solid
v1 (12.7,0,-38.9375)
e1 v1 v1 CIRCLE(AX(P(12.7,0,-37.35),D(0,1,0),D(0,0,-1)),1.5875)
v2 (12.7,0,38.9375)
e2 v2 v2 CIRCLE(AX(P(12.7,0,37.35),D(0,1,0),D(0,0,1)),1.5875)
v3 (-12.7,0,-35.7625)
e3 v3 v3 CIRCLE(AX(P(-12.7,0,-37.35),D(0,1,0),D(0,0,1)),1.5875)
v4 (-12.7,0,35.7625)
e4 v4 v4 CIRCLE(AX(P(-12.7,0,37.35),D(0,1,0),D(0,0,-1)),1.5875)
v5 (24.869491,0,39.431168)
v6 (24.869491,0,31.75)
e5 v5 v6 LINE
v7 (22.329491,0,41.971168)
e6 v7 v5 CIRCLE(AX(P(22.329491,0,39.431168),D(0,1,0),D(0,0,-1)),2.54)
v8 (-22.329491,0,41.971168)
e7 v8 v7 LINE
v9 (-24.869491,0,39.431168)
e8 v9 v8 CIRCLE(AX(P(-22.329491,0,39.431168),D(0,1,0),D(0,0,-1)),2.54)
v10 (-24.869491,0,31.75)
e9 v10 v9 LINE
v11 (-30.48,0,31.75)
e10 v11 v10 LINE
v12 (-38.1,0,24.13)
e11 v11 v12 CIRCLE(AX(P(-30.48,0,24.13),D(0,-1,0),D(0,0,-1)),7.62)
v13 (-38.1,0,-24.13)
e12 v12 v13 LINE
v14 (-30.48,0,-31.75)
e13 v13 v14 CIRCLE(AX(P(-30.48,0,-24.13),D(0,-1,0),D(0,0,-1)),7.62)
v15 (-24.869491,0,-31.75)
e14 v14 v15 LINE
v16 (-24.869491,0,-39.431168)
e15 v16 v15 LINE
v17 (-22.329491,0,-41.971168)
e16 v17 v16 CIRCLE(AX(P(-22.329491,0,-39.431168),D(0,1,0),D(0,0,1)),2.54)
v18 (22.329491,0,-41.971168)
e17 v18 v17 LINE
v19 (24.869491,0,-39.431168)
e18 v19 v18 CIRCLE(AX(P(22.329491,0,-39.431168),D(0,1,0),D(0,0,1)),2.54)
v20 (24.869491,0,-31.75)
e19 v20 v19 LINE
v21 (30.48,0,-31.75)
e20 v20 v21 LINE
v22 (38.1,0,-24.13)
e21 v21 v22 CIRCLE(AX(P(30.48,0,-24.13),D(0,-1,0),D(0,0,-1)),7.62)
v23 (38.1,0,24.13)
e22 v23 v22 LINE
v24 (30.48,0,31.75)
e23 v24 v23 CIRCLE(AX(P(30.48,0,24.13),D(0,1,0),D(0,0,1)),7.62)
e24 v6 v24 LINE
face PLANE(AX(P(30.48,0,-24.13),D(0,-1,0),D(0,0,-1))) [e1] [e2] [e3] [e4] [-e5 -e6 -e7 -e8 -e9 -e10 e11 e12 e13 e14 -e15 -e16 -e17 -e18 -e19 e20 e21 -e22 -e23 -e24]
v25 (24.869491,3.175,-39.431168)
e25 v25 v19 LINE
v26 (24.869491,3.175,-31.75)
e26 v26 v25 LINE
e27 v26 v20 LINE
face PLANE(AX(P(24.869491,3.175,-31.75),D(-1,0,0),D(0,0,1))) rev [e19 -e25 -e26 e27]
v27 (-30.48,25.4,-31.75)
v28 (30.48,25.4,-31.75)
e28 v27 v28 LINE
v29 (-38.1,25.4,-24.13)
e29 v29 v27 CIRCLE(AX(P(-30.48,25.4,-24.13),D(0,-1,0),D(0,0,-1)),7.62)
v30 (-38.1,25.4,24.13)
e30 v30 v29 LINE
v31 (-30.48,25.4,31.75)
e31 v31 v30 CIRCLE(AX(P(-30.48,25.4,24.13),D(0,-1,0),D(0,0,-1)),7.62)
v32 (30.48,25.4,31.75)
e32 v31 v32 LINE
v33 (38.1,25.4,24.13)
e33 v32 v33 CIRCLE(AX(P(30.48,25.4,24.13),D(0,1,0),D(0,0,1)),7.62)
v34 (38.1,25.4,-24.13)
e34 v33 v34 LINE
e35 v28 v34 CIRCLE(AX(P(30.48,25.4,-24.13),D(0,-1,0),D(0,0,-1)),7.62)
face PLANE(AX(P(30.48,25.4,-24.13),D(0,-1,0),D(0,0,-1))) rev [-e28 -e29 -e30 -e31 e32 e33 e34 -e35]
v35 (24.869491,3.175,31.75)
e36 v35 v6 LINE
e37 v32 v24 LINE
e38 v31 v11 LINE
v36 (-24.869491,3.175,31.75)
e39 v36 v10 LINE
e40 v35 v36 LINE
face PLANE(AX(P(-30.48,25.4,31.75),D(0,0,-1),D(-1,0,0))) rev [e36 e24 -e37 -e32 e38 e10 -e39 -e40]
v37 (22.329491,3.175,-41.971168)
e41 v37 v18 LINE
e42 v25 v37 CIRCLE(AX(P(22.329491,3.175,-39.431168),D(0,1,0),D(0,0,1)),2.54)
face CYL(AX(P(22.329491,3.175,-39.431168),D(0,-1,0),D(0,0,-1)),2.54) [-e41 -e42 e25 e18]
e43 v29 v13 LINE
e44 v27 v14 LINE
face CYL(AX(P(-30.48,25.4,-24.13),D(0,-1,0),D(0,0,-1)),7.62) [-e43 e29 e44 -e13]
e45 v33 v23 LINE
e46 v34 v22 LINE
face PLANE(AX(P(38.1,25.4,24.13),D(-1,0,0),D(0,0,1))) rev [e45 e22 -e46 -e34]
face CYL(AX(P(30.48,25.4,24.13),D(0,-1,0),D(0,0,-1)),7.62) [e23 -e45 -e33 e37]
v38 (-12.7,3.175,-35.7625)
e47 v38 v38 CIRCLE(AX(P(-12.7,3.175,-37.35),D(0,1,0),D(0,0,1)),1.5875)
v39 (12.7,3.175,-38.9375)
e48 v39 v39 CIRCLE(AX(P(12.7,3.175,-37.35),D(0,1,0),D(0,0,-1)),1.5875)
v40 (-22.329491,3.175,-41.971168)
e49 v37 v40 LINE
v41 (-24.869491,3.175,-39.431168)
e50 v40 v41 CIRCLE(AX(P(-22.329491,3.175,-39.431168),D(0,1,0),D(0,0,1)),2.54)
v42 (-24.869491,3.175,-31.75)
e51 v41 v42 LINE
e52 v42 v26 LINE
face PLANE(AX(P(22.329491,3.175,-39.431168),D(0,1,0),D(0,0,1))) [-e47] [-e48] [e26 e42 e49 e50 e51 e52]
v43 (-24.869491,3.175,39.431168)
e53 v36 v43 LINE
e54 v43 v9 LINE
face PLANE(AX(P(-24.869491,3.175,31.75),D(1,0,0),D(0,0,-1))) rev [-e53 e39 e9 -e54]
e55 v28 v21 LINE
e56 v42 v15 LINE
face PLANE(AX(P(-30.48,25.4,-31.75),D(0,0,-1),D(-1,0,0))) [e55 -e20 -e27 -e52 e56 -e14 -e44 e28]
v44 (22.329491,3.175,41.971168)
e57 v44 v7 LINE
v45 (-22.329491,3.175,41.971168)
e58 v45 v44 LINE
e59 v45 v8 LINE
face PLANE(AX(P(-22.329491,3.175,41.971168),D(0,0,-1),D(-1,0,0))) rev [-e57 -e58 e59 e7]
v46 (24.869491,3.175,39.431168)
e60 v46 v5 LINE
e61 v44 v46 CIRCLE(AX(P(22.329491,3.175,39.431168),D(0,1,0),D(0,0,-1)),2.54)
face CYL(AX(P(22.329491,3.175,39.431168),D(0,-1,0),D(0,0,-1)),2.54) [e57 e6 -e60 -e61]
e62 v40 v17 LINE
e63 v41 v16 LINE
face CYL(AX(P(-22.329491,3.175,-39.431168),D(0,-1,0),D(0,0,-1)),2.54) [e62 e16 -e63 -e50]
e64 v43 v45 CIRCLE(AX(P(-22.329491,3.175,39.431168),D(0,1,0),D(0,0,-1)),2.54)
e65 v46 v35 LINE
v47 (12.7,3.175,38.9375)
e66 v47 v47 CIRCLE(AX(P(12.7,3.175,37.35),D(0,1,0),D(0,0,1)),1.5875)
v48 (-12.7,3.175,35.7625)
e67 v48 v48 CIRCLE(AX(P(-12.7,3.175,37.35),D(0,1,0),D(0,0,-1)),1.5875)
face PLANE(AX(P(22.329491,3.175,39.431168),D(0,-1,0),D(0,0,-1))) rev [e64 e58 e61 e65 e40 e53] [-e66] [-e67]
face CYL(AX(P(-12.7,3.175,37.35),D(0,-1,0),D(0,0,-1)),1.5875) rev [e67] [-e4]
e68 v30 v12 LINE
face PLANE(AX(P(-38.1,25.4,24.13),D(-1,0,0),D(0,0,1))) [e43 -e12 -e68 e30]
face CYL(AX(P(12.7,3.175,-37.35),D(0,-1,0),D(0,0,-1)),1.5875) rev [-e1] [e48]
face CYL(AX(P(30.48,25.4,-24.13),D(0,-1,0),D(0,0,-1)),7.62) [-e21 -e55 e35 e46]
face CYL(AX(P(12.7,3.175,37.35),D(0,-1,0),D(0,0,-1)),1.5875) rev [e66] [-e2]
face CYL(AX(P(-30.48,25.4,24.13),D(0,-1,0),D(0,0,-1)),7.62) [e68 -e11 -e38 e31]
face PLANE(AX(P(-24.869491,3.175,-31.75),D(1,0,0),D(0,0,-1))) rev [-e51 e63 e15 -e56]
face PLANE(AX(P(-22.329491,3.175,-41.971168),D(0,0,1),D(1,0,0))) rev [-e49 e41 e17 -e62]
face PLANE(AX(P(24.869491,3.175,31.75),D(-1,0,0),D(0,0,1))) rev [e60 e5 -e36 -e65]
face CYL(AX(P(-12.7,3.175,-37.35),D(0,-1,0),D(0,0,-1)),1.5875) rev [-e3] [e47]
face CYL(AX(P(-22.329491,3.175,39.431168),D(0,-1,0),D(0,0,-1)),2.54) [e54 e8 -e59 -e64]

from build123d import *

# Parameters (mm, degrees)
BOSS_EXTRUDE1_DEPTH = 25.4
SKETCH2_R           = 1.5875
BOSS_EXTRUDE2_DEPTH = 3.175


with BuildPart() as part:
    # Sketch1 → Boss-Extrude1 (new body)
    with BuildSketch(Plane(origin=(0, 0, 0), x_dir=(1, 0, 0), z_dir=(0, 1, 0))):
        with BuildLine():
            Line((-30.48, -31.75), (30.48, -31.75))
            ThreePointArc((30.48, -31.75), (35.868153673, -29.518153673), (38.1, -24.13))
            Line((38.1, -24.13), (38.1, 24.13))
            ThreePointArc((38.1, 24.13), (35.868153673, 29.518153673), (30.48, 31.75))
            Line((30.48, 31.75), (-30.48, 31.75))
            ThreePointArc((-30.48, 31.75), (-35.868153673, 29.518153673), (-38.1, 24.13))
            Line((-38.1, 24.13), (-38.1, -24.13))
            ThreePointArc((-38.1, -24.13), (-35.868153673, -29.518153673), (-30.48, -31.75))
        make_face()
    extrude(amount=BOSS_EXTRUDE1_DEPTH)

    # Sketch2 → Boss-Extrude2 (add)
    with BuildSketch(Plane(origin=(0, 0, 0), x_dir=(1, 0, 0), z_dir=(0, 1, 0))):
        with BuildLine():
            Line((-24.869490834, -31.75), (24.869490834, -31.75))
            Line((24.869490834, -31.75), (24.869490834, -39.431167642))
            ThreePointArc((24.869490834, -39.431167642), (24.125542058, -41.227218866), (22.329490834, -41.971167642))
            Line((22.329490834, -41.971167642), (-22.329490834, -41.971167642))
            ThreePointArc((-22.329490834, -41.971167642), (-24.125542058, -41.227218866), (-24.869490834, -39.431167642))
            Line((-24.869490834, -39.431167642), (-24.869490834, -31.75))
        make_face()
        with Locations((12.7, -37.35)):
            Circle(SKETCH2_R, mode=Mode.SUBTRACT)
        with Locations((-12.7, -37.35)):
            Circle(SKETCH2_R, mode=Mode.SUBTRACT)
        with BuildLine():
            Line((-24.869490834, 31.75), (-24.869490834, 39.431167642))
            ThreePointArc((-24.869490834, 39.431167642), (-24.125542058, 41.227218866), (-22.329490834, 41.971167642))
            Line((-22.329490834, 41.971167642), (22.329490834, 41.971167642))
            ThreePointArc((22.329490834, 41.971167642), (24.125542058, 41.227218866), (24.869490834, 39.431167642))
            Line((24.869490834, 39.431167642), (24.869490834, 31.75))
            Line((24.869490834, 31.75), (-24.869490834, 31.75))
        make_face()
        with Locations((12.7, 37.35)):
            Circle(SKETCH2_R, mode=Mode.SUBTRACT)
        with Locations((-12.7, 37.35)):
            Circle(SKETCH2_R, mode=Mode.SUBTRACT)
    extrude(amount=BOSS_EXTRUDE2_DEPTH)


solid = part.part
